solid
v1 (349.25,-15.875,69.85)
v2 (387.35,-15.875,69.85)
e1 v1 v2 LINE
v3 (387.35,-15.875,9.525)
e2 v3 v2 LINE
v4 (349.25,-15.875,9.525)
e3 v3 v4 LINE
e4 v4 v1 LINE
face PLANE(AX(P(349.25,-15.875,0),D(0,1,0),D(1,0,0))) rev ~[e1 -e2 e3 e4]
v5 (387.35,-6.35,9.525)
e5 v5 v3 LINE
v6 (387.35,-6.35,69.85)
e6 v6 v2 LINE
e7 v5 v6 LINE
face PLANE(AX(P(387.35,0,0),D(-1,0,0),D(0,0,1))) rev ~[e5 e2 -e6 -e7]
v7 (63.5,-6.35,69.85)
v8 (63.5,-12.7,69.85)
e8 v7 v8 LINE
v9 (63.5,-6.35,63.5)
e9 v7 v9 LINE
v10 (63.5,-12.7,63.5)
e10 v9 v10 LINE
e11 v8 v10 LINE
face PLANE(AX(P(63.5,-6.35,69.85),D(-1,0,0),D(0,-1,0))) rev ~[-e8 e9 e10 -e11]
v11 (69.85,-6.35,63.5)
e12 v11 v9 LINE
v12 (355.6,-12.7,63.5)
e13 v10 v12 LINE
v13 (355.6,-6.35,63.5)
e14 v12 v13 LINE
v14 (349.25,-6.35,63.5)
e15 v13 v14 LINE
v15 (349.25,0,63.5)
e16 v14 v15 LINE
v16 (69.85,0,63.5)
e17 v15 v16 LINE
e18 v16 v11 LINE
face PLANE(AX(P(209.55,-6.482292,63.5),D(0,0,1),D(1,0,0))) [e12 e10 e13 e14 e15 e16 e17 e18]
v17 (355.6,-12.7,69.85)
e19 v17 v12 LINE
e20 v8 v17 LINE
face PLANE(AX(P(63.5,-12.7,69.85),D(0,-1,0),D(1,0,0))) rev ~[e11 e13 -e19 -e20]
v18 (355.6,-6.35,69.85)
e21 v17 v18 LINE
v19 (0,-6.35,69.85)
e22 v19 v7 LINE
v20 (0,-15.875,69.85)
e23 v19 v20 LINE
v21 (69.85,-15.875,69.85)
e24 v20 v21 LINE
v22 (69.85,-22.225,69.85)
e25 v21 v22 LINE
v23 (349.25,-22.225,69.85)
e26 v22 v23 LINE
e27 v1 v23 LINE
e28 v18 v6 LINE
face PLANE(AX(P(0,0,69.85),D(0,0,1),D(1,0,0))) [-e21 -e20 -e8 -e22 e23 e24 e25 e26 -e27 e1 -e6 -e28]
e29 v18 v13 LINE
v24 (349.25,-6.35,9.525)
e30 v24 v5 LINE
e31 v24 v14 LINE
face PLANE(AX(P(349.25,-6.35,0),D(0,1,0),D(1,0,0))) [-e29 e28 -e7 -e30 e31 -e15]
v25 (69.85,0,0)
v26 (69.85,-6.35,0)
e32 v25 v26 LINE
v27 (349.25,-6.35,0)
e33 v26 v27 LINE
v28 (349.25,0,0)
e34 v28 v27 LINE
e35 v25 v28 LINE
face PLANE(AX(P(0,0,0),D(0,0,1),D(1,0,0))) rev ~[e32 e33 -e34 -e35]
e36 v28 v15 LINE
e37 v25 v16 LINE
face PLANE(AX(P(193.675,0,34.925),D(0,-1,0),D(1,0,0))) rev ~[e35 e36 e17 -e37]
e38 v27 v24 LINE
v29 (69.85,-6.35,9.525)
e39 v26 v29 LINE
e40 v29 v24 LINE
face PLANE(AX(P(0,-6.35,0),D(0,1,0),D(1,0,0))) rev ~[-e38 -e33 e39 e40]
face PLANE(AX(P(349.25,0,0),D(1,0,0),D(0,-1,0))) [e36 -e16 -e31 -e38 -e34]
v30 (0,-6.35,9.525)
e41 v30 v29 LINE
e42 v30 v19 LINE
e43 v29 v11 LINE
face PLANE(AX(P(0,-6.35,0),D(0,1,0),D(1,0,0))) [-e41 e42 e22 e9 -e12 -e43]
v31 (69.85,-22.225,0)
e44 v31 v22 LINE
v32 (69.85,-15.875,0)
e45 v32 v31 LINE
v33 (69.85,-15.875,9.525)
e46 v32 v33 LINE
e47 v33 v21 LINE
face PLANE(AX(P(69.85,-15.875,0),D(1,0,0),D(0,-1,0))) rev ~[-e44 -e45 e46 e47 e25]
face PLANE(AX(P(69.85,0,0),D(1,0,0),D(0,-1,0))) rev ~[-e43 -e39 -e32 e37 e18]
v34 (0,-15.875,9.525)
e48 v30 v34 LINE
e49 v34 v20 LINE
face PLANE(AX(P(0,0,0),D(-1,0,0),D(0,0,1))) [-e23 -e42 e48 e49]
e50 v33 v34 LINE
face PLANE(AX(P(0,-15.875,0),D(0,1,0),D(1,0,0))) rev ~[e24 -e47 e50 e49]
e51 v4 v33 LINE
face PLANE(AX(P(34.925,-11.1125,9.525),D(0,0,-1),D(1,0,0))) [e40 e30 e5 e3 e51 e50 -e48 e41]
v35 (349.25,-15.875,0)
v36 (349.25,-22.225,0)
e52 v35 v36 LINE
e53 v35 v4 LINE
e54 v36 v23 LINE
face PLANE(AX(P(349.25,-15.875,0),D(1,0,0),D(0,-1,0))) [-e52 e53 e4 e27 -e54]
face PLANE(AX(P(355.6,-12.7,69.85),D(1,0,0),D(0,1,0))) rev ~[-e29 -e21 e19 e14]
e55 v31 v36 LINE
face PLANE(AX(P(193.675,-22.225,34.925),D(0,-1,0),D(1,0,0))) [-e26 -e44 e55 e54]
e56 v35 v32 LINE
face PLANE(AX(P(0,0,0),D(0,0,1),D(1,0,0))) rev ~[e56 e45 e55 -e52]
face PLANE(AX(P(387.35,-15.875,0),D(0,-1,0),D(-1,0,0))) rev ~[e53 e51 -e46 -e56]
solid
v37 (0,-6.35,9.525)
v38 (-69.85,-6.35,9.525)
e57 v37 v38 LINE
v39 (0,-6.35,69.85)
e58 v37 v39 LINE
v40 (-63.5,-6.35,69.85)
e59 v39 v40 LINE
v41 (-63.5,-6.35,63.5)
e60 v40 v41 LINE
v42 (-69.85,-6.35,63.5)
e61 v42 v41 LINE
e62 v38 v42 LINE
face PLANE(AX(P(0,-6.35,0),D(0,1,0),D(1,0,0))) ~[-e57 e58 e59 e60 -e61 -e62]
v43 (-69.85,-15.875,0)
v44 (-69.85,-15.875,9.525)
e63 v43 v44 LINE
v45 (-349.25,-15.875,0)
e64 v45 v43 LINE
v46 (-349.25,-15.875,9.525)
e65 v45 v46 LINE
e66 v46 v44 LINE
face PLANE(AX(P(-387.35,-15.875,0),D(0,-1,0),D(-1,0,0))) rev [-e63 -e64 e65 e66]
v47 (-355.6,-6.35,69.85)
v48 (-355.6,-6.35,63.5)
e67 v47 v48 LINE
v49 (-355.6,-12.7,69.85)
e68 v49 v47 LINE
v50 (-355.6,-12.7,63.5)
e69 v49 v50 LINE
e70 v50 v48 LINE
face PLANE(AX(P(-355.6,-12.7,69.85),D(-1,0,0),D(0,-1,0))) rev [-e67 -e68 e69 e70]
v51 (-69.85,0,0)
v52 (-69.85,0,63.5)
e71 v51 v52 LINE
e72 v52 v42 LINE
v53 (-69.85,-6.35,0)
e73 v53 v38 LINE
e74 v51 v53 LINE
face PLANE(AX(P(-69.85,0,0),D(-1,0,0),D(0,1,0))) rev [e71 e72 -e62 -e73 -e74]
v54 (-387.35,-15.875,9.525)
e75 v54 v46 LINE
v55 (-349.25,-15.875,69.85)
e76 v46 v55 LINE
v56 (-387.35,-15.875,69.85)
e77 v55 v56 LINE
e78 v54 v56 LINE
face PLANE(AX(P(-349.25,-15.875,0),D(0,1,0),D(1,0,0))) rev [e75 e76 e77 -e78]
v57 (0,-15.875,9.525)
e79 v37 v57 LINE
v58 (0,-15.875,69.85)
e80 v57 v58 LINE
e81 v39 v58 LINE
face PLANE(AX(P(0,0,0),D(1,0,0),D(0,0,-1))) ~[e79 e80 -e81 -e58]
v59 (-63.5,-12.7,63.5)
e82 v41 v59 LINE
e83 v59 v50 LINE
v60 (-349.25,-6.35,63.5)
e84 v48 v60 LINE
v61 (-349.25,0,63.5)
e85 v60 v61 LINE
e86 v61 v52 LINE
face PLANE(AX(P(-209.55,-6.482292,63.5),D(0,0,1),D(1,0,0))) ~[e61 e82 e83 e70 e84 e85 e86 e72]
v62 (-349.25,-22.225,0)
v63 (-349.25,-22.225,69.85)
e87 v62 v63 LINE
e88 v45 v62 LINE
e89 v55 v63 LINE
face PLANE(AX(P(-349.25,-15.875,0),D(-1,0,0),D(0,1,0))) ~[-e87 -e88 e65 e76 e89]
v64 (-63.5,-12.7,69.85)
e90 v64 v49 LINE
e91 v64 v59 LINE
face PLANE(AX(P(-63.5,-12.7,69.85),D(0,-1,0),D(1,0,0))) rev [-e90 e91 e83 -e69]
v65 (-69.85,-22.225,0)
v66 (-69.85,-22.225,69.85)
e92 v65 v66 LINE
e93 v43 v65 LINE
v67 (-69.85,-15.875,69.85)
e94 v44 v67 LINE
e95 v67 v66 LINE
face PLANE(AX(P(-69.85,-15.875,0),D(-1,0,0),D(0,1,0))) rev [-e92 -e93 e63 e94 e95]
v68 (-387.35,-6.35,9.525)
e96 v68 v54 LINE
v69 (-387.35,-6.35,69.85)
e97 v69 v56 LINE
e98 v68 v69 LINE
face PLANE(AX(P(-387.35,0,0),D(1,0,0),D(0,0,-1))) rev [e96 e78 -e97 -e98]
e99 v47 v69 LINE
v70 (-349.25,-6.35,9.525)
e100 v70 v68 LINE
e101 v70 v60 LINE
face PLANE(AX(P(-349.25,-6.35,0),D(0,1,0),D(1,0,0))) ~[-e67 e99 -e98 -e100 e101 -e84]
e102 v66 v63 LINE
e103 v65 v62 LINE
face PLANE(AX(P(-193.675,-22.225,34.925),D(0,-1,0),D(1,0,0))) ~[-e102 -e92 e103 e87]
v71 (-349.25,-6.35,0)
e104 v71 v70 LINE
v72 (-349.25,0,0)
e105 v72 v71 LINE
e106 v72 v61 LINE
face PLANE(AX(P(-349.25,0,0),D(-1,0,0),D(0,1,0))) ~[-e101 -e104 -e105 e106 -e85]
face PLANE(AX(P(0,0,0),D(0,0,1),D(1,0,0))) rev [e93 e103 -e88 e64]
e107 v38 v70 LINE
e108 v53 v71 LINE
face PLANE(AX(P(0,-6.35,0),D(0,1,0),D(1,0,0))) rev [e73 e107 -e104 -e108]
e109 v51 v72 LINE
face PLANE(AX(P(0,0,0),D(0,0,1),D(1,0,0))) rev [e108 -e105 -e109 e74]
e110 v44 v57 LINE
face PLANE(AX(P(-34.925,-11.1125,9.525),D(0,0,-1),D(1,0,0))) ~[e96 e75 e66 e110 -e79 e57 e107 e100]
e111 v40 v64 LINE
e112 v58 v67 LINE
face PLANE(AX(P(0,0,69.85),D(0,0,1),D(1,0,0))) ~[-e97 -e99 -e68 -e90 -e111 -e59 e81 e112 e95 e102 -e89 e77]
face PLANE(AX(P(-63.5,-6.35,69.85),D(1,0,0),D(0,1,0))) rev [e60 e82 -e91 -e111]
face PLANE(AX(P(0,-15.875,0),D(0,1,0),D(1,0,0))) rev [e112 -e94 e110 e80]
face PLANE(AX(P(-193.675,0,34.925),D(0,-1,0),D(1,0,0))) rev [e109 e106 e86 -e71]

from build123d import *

# Parameters (mm, degrees)
F0_W     = 387.35
F0_H     = 69.85
F1_DEPTH = 22.225
F2_W     = 69.85
F2_H     = 6.35
F2_W_2   = 38.1
F3_DEPTH = 69.85
F2_H_2   = 9.525
F2_W_3   = 279.4
F4_DEPTH = 9.525
F6_DEPTH = 6.35


with BuildPart() as f1:
    # F0 (on Front) → F1 (new body)
    with BuildSketch(Plane.XZ):
        with Locations((193.675, 34.925)):
            Rectangle(F0_W, F0_H)
    extrude(amount=F1_DEPTH)

    # F2 (on face) → F3 (cut, through all)
    with BuildSketch(Plane(origin=(0, 0, 0), x_dir=(1, 0, 0), z_dir=(0, 0, -1))):
        with Locations((34.925, 19.05)):
            Rectangle(F2_W, F2_H)
        with Locations((34.925, 3.175)):
            Rectangle(F2_W, F2_H)
        with Locations((368.3, 19.05)):
            Rectangle(F2_W_2, F2_H)
        with Locations((368.3, 3.175)):
            Rectangle(F2_W_2, F2_H)
    extrude(amount=-F3_DEPTH, mode=Mode.SUBTRACT)

    # F2 (on face) → F4 (cut)
    with BuildSketch(Plane(origin=(0, 0, 0), x_dir=(1, 0, 0), z_dir=(0, 0, -1))):
        with Locations((34.925, 11.1125)):
            Rectangle(F2_W, F2_H_2)
        with Locations((209.55, 11.1125)):
            Rectangle(F2_W_3, F2_H_2)
        with Locations((368.3, 11.1125)):
            Rectangle(F2_W_2, F2_H_2)
    extrude(amount=-F4_DEPTH, mode=Mode.SUBTRACT)

    # F5 (on face) → F6 (cut)
    with BuildSketch(Plane.XY.offset(69.85)):
        Polygon((349.25, 0), (69.85, 0), (69.85, -6.35), (63.5, -6.35), (63.5, -12.7), (355.6, -12.7), (355.6, -6.35), (349.25, -6.35), align=None)
    extrude(amount=-F6_DEPTH, mode=Mode.SUBTRACT)


with BuildPart() as f7_1:
    # F7: instance of F1
    add(f1.part.mirror(Plane.YZ))


solid = Compound([f1.part, f7_1.part])
